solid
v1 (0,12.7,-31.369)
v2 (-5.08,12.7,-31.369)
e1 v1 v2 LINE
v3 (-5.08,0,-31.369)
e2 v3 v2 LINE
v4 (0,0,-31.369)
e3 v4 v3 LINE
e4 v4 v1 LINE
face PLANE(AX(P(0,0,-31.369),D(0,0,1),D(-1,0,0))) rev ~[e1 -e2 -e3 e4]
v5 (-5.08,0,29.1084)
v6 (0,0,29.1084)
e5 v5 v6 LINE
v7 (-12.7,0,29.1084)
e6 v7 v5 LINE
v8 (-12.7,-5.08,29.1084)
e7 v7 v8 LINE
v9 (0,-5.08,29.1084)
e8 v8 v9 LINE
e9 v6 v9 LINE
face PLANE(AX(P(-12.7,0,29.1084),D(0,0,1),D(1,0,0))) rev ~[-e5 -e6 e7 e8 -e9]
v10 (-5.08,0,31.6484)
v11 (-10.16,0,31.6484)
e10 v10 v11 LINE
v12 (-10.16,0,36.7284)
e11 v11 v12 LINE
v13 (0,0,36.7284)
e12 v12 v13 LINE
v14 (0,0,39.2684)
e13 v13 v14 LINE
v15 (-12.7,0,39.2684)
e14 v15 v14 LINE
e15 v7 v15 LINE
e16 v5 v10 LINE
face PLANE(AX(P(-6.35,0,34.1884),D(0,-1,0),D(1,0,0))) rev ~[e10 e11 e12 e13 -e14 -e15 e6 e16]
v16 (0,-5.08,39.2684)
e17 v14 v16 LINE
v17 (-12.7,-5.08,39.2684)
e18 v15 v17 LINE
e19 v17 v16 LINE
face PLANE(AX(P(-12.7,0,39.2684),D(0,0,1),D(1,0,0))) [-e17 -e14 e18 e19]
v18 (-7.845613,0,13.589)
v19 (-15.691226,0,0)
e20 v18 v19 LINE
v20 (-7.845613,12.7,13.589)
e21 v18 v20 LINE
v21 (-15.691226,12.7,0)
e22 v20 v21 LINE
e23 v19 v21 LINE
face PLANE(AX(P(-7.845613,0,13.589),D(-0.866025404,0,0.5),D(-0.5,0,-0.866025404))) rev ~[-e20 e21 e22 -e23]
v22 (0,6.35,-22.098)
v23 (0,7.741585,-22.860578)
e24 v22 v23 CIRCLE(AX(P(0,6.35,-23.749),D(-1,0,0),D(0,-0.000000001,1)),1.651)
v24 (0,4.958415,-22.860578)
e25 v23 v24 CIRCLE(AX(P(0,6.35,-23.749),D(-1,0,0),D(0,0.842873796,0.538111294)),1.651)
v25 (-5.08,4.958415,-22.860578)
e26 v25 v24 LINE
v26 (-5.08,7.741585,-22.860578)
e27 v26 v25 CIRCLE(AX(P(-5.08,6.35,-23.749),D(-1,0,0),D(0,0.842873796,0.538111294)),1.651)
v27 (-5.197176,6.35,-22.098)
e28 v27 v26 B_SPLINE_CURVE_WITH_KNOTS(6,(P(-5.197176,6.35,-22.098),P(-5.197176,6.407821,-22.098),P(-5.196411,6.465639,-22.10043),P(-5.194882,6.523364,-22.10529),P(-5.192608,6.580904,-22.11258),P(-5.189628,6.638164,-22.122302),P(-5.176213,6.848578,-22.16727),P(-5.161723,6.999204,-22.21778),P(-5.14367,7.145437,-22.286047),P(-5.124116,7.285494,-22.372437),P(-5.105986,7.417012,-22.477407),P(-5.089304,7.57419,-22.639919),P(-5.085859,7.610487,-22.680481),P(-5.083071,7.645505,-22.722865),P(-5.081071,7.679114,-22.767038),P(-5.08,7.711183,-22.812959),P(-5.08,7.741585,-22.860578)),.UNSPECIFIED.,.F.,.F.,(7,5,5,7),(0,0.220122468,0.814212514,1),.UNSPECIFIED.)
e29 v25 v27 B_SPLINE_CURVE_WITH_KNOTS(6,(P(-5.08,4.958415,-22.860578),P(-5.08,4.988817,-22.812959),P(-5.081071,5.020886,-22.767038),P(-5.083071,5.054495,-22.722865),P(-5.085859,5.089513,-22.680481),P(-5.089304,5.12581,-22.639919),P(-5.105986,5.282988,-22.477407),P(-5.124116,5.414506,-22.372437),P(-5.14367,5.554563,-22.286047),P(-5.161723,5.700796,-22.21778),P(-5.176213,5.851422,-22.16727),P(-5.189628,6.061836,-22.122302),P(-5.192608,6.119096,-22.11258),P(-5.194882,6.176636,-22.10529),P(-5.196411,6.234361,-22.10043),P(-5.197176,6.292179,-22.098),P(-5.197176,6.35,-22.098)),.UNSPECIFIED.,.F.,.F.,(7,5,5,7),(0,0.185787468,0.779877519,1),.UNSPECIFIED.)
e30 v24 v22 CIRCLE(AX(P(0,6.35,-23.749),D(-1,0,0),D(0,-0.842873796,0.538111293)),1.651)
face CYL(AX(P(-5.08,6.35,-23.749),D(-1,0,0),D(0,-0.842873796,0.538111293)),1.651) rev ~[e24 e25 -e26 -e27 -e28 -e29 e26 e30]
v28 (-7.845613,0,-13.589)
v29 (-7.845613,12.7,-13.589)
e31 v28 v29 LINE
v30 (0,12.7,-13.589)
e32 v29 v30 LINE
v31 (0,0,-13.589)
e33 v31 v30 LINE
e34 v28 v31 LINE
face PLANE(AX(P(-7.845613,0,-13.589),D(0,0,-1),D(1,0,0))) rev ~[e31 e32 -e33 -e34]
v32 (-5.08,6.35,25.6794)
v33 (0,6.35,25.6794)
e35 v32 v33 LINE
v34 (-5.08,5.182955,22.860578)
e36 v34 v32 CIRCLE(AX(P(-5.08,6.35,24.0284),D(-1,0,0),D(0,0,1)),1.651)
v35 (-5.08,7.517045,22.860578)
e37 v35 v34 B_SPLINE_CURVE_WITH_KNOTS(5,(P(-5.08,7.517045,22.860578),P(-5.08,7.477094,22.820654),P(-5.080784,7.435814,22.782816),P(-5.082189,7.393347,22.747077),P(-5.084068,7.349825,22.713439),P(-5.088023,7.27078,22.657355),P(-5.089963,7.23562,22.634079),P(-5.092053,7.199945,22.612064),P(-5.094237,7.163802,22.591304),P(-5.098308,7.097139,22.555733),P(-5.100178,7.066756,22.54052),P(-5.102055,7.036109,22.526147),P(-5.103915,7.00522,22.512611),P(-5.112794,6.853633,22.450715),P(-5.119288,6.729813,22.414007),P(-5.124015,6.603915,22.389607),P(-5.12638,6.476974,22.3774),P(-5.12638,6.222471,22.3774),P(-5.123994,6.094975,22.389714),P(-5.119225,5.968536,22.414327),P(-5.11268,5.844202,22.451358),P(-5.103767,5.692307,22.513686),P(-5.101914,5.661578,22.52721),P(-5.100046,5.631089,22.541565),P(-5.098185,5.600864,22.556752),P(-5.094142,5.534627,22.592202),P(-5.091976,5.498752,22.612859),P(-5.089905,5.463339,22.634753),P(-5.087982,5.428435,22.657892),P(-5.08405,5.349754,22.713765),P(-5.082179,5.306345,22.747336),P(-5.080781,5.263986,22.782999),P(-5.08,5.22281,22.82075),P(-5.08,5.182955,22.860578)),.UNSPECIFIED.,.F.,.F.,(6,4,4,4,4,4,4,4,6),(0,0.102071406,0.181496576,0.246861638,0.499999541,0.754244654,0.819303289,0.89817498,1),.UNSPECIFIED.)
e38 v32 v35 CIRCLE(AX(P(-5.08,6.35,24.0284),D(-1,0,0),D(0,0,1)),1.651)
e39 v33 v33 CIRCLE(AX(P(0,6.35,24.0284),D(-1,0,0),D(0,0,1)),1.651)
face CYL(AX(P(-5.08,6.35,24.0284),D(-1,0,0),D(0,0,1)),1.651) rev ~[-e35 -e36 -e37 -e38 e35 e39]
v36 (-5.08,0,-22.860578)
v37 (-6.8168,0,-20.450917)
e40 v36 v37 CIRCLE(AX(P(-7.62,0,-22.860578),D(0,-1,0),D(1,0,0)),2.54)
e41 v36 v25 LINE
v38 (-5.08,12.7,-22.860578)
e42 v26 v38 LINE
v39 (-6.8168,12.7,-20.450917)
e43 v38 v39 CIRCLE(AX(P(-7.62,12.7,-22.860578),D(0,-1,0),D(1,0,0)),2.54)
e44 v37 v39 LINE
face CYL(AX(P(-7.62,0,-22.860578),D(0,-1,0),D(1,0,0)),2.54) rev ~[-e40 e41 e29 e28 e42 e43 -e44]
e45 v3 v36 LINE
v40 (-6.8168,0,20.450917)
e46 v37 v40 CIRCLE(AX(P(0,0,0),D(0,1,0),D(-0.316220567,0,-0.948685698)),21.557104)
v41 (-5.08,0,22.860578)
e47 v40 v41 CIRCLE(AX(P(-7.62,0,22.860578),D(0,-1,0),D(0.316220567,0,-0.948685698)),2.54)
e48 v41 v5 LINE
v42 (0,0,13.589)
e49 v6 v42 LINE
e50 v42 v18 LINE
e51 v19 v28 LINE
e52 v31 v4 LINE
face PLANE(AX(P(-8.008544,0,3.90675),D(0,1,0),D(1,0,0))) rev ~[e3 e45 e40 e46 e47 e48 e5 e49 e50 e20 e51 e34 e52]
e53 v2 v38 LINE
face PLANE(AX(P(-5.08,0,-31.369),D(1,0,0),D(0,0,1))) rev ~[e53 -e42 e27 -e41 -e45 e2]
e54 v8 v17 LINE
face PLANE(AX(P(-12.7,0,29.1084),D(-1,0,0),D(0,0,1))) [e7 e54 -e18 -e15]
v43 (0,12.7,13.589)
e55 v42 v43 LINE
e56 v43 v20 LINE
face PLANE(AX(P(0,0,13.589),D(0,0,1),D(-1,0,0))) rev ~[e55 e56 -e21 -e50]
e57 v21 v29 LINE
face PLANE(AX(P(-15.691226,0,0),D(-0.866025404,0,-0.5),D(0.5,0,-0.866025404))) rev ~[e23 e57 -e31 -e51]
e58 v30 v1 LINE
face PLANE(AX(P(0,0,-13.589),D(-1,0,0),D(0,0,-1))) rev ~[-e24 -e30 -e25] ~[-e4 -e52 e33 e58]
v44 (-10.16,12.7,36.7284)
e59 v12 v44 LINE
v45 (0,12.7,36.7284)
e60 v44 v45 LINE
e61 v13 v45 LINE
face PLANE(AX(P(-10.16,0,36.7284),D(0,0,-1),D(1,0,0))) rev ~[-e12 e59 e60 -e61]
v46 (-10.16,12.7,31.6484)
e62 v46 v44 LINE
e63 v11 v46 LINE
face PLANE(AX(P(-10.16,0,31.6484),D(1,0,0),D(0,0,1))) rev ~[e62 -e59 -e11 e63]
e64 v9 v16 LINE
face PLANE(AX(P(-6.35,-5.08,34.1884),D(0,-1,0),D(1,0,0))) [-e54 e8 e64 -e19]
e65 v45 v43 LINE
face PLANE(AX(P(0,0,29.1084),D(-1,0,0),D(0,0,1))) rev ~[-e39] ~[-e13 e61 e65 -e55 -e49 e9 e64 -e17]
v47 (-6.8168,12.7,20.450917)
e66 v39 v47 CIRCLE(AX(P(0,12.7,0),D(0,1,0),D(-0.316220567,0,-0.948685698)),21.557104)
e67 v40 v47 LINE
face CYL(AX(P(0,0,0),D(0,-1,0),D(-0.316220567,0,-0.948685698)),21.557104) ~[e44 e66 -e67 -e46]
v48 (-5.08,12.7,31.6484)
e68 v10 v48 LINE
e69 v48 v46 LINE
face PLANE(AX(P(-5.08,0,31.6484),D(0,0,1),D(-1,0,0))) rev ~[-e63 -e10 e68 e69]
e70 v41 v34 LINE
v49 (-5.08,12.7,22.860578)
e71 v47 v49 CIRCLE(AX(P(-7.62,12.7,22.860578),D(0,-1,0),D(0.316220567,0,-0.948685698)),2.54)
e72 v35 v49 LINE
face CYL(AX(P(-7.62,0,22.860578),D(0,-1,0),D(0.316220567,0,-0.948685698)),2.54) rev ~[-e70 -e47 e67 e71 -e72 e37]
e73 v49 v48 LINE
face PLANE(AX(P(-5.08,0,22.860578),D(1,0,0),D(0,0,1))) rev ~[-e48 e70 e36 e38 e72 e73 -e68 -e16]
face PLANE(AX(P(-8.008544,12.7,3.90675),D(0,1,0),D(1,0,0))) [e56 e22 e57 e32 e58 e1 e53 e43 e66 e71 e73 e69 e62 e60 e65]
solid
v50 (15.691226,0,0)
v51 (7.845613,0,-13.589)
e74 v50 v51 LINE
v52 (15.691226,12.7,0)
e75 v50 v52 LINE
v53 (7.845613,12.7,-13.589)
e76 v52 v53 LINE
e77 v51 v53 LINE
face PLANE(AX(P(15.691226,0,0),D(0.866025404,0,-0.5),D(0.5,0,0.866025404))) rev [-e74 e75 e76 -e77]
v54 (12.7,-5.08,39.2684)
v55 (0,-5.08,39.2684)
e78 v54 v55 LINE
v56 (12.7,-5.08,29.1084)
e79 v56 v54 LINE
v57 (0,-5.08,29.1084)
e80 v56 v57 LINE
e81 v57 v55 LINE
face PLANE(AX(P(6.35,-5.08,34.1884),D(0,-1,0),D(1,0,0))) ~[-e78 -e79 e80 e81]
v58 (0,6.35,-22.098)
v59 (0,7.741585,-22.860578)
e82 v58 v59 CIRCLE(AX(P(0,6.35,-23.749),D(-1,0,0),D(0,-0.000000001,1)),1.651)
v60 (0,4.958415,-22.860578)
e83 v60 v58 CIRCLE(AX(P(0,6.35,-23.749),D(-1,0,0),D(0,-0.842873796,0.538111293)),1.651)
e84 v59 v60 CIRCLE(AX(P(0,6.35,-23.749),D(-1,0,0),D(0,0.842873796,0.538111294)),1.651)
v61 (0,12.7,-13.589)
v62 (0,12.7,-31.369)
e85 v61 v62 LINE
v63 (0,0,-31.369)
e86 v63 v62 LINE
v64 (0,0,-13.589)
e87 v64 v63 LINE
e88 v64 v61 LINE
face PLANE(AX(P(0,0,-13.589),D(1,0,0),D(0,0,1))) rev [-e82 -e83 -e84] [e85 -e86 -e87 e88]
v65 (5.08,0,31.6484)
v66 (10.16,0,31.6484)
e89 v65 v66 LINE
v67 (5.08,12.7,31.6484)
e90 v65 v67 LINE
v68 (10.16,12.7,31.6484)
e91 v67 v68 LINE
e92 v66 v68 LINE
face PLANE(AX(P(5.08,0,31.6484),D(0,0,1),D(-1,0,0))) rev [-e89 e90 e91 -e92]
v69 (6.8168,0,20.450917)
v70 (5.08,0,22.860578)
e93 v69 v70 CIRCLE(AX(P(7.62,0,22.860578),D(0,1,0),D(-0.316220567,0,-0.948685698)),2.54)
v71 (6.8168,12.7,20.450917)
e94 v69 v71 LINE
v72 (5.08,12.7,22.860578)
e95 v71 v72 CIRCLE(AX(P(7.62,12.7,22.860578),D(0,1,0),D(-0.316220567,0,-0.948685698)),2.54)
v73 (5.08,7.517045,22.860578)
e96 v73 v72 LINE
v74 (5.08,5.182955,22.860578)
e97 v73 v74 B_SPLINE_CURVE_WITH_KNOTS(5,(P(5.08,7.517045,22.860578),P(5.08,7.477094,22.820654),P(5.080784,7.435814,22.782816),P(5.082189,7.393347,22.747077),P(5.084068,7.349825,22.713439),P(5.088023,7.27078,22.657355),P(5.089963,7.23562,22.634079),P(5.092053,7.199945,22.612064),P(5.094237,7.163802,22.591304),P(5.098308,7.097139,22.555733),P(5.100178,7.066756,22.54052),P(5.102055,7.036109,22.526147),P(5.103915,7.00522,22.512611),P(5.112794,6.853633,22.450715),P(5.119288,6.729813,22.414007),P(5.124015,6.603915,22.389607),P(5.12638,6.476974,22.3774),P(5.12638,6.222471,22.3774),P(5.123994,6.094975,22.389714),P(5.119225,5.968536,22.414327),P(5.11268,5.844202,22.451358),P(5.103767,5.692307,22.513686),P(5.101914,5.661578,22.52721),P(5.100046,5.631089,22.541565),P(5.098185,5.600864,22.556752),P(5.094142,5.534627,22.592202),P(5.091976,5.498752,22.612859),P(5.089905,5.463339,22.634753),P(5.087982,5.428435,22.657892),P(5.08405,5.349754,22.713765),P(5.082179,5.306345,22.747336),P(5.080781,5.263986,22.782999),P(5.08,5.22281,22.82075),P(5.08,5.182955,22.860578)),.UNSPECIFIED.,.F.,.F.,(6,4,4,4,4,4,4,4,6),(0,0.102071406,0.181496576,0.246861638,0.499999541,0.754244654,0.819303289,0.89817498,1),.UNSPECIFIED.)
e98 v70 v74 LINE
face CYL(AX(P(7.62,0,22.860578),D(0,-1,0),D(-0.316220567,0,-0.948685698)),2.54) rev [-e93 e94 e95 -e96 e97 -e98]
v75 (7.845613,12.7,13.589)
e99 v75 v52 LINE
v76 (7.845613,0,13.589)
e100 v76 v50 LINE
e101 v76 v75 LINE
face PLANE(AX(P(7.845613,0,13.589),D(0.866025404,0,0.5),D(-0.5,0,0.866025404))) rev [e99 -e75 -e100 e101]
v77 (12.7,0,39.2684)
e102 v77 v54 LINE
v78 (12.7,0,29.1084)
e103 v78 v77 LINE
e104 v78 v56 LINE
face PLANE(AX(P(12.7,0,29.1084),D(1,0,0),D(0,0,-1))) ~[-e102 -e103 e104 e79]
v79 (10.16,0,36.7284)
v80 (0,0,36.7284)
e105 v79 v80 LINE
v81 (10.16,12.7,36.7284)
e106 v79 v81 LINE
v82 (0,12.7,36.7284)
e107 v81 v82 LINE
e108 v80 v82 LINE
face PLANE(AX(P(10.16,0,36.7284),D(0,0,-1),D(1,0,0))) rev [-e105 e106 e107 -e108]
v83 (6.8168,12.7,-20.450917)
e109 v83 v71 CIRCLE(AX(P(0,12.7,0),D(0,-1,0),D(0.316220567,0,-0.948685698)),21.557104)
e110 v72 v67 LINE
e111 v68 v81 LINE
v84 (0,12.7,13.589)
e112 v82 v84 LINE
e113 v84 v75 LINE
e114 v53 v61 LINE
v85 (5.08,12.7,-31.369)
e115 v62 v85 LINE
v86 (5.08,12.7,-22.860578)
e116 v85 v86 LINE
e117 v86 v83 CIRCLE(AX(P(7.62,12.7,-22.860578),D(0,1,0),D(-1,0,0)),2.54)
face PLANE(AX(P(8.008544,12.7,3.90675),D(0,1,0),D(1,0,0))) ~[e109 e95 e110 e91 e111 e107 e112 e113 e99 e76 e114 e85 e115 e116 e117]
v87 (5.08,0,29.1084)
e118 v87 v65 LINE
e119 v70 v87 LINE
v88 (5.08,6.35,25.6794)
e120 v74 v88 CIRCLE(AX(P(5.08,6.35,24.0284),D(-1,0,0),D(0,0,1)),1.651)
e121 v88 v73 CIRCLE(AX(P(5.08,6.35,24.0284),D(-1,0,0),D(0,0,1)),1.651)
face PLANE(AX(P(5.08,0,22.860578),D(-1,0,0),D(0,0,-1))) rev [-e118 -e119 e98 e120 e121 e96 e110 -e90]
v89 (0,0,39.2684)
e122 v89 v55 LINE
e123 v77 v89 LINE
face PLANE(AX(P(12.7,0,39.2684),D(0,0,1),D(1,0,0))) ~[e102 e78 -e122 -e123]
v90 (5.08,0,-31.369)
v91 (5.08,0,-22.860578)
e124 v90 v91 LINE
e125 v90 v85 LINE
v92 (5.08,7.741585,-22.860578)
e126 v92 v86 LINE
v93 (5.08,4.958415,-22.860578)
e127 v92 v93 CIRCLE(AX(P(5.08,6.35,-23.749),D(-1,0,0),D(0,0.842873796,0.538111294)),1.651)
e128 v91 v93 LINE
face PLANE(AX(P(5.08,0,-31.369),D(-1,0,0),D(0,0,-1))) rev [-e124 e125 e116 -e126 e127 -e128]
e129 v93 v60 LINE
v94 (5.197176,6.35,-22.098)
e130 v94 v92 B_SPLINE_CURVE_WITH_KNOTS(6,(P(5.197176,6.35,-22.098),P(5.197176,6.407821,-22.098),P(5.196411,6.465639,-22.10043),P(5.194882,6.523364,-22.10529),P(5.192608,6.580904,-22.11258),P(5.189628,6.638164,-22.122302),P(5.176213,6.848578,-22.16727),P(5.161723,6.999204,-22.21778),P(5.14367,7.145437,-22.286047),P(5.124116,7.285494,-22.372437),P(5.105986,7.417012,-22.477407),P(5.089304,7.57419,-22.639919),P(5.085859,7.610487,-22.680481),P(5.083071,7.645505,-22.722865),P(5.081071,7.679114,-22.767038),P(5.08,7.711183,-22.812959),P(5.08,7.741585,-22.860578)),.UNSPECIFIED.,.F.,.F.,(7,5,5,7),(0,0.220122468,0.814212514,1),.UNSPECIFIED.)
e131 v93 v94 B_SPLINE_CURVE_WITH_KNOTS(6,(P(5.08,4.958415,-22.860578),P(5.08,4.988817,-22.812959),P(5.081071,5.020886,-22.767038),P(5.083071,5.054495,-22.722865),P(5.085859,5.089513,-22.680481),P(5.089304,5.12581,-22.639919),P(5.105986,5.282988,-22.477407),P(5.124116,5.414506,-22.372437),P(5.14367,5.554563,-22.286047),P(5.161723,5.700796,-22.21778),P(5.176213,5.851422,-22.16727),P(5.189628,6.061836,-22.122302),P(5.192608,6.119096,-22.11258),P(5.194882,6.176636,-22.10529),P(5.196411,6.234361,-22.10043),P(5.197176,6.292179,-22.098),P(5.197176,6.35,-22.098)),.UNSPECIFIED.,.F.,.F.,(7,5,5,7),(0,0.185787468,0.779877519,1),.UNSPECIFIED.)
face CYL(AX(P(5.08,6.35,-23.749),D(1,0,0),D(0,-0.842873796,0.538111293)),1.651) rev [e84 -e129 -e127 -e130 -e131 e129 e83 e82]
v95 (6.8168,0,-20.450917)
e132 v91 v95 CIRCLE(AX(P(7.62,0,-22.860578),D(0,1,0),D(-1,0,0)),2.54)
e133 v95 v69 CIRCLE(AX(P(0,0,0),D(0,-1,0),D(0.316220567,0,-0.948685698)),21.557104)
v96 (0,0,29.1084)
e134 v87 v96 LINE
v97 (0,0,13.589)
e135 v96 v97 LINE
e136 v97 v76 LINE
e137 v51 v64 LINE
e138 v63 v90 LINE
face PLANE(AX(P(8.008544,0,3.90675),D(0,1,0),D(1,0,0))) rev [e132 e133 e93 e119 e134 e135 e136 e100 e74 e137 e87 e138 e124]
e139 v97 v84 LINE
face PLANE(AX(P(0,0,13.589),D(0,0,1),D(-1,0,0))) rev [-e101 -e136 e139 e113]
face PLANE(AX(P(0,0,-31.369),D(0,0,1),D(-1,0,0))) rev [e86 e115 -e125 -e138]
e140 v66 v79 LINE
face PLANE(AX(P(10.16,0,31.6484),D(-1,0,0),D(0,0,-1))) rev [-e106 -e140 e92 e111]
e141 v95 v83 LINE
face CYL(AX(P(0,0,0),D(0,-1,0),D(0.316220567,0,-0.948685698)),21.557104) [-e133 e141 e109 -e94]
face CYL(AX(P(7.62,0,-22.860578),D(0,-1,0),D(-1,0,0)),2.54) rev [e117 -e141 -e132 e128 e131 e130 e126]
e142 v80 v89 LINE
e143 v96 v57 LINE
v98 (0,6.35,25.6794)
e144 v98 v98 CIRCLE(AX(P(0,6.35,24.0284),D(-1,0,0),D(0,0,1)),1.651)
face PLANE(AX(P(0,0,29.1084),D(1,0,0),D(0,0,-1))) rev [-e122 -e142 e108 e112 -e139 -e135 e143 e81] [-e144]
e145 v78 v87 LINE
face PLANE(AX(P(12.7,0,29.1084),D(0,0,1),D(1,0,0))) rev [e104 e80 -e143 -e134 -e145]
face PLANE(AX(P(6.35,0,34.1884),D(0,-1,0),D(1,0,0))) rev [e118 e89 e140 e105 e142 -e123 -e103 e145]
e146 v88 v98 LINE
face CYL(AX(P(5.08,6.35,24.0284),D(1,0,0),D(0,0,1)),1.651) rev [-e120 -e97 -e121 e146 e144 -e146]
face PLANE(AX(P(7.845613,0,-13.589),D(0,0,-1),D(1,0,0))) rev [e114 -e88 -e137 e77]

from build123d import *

# Parameters (mm, degrees)
BOSS_EXTRUDE1_DEPTH     = 12.7
SKETCH2_R               = 1.651
CUT_EXTRUDE1_DEPTH      = 17.477104351
CUT_EXTRUDE1_DEPTH_BACK = 6.08
SKETCH3_W               = 12.7
SKETCH3_H               = 10.16
BOSS_EXTRUDE2_DEPTH     = 5.08


with BuildPart() as part:
    # Sketch1 → Boss-Extrude1 (new body)
    with BuildSketch(Plane(origin=(0, 0, 0), x_dir=(1, 0, 0), z_dir=(0, 1, 0))):
        with BuildLine():
            Line((-5.08, 13.589), (0, 13.589))
            Line((0, 13.589), (0, 18.669))
            Line((0, 18.669), (0, 31.369))
            Line((0, 31.369), (-5.08, 31.369))
            Line((-5.08, 31.369), (-5.08, 22.860578254))
            ThreePointArc((-5.08, 22.860578254), (-5.559450485, 21.375406313), (-6.81679976, 20.450916582))
            ThreePointArc((-6.81679976, 20.450916582), (-21.557104351, 0), (-6.81679976, -20.450916582))
            ThreePointArc((-6.81679976, -20.450916582), (-5.559450485, -21.375406313), (-5.08, -22.860578254))
            Line((-5.08, -22.860578254), (-5.08, -31.6484))
            Line((-5.08, -31.6484), (-10.16, -31.6484))
            Line((-10.16, -31.6484), (-10.16, -36.7284))
            Line((-10.16, -36.7284), (-5.08, -36.7284))
            Line((-5.08, -36.7284), (0, -36.7284))
            Line((0, -36.7284), (0, -31.6484))
            Line((0, -31.6484), (0, -18.669))
            Line((0, -18.669), (0, -13.589))
            Line((0, -13.589), (-5.08, -13.589))
            Line((-5.08, -13.589), (-7.845612808, -13.589))
            Line((-7.845612808, -13.589), (-15.691225616, 0))
            Line((-15.691225616, 0), (-7.845612808, 13.589))
            Line((-7.845612808, 13.589), (-5.08, 13.589))
        make_face()
    extrude(amount=BOSS_EXTRUDE1_DEPTH)

    # Sketch2 → Cut-Extrude1 (cut, two sides)
    with BuildSketch(Plane.ZY.offset(5.08)) as cut_extrude1_sk:
        with BuildLine():
            ThreePointArc((-22.860578254, 4.958415363), (-22.301142047, 5.556584378), (-22.098, 6.35))
            ThreePointArc((-22.098, 6.35), (-22.301142047, 7.143415622), (-22.860578254, 7.741584637))
            Line((-22.860578254, 7.741584637), (-22.860578254, 4.958415363))
        make_face()
        with BuildLine():
            Line((-22.860578254, 4.958415363), (-22.860578254, 7.741584637))
            ThreePointArc((-22.860578254, 7.741584637), (-25.4, 6.35), (-22.860578254, 4.958415363))
        make_face()
        with Locations((24.0284, 6.35)):
            Circle(SKETCH2_R)
    extrude(amount=CUT_EXTRUDE1_DEPTH, mode=Mode.SUBTRACT)
    extrude(cut_extrude1_sk.sketch, amount=-CUT_EXTRUDE1_DEPTH_BACK, mode=Mode.SUBTRACT)

    # Sketch3 → Boss-Extrude2 (add)
    with BuildSketch(Plane.XZ):
        with Locations((-6.35, 34.1884)):
            Rectangle(SKETCH3_W, SKETCH3_H)
    extrude(amount=BOSS_EXTRUDE2_DEPTH)


with BuildPart() as body_2:
    # Mirror1: mirrored copy
    add(part.part.mirror(Plane(origin=(0, 12.7, 0), x_dir=(0, 0, 1), z_dir=(1, 0, 0))))


solid = Compound([part.part, body_2.part])
